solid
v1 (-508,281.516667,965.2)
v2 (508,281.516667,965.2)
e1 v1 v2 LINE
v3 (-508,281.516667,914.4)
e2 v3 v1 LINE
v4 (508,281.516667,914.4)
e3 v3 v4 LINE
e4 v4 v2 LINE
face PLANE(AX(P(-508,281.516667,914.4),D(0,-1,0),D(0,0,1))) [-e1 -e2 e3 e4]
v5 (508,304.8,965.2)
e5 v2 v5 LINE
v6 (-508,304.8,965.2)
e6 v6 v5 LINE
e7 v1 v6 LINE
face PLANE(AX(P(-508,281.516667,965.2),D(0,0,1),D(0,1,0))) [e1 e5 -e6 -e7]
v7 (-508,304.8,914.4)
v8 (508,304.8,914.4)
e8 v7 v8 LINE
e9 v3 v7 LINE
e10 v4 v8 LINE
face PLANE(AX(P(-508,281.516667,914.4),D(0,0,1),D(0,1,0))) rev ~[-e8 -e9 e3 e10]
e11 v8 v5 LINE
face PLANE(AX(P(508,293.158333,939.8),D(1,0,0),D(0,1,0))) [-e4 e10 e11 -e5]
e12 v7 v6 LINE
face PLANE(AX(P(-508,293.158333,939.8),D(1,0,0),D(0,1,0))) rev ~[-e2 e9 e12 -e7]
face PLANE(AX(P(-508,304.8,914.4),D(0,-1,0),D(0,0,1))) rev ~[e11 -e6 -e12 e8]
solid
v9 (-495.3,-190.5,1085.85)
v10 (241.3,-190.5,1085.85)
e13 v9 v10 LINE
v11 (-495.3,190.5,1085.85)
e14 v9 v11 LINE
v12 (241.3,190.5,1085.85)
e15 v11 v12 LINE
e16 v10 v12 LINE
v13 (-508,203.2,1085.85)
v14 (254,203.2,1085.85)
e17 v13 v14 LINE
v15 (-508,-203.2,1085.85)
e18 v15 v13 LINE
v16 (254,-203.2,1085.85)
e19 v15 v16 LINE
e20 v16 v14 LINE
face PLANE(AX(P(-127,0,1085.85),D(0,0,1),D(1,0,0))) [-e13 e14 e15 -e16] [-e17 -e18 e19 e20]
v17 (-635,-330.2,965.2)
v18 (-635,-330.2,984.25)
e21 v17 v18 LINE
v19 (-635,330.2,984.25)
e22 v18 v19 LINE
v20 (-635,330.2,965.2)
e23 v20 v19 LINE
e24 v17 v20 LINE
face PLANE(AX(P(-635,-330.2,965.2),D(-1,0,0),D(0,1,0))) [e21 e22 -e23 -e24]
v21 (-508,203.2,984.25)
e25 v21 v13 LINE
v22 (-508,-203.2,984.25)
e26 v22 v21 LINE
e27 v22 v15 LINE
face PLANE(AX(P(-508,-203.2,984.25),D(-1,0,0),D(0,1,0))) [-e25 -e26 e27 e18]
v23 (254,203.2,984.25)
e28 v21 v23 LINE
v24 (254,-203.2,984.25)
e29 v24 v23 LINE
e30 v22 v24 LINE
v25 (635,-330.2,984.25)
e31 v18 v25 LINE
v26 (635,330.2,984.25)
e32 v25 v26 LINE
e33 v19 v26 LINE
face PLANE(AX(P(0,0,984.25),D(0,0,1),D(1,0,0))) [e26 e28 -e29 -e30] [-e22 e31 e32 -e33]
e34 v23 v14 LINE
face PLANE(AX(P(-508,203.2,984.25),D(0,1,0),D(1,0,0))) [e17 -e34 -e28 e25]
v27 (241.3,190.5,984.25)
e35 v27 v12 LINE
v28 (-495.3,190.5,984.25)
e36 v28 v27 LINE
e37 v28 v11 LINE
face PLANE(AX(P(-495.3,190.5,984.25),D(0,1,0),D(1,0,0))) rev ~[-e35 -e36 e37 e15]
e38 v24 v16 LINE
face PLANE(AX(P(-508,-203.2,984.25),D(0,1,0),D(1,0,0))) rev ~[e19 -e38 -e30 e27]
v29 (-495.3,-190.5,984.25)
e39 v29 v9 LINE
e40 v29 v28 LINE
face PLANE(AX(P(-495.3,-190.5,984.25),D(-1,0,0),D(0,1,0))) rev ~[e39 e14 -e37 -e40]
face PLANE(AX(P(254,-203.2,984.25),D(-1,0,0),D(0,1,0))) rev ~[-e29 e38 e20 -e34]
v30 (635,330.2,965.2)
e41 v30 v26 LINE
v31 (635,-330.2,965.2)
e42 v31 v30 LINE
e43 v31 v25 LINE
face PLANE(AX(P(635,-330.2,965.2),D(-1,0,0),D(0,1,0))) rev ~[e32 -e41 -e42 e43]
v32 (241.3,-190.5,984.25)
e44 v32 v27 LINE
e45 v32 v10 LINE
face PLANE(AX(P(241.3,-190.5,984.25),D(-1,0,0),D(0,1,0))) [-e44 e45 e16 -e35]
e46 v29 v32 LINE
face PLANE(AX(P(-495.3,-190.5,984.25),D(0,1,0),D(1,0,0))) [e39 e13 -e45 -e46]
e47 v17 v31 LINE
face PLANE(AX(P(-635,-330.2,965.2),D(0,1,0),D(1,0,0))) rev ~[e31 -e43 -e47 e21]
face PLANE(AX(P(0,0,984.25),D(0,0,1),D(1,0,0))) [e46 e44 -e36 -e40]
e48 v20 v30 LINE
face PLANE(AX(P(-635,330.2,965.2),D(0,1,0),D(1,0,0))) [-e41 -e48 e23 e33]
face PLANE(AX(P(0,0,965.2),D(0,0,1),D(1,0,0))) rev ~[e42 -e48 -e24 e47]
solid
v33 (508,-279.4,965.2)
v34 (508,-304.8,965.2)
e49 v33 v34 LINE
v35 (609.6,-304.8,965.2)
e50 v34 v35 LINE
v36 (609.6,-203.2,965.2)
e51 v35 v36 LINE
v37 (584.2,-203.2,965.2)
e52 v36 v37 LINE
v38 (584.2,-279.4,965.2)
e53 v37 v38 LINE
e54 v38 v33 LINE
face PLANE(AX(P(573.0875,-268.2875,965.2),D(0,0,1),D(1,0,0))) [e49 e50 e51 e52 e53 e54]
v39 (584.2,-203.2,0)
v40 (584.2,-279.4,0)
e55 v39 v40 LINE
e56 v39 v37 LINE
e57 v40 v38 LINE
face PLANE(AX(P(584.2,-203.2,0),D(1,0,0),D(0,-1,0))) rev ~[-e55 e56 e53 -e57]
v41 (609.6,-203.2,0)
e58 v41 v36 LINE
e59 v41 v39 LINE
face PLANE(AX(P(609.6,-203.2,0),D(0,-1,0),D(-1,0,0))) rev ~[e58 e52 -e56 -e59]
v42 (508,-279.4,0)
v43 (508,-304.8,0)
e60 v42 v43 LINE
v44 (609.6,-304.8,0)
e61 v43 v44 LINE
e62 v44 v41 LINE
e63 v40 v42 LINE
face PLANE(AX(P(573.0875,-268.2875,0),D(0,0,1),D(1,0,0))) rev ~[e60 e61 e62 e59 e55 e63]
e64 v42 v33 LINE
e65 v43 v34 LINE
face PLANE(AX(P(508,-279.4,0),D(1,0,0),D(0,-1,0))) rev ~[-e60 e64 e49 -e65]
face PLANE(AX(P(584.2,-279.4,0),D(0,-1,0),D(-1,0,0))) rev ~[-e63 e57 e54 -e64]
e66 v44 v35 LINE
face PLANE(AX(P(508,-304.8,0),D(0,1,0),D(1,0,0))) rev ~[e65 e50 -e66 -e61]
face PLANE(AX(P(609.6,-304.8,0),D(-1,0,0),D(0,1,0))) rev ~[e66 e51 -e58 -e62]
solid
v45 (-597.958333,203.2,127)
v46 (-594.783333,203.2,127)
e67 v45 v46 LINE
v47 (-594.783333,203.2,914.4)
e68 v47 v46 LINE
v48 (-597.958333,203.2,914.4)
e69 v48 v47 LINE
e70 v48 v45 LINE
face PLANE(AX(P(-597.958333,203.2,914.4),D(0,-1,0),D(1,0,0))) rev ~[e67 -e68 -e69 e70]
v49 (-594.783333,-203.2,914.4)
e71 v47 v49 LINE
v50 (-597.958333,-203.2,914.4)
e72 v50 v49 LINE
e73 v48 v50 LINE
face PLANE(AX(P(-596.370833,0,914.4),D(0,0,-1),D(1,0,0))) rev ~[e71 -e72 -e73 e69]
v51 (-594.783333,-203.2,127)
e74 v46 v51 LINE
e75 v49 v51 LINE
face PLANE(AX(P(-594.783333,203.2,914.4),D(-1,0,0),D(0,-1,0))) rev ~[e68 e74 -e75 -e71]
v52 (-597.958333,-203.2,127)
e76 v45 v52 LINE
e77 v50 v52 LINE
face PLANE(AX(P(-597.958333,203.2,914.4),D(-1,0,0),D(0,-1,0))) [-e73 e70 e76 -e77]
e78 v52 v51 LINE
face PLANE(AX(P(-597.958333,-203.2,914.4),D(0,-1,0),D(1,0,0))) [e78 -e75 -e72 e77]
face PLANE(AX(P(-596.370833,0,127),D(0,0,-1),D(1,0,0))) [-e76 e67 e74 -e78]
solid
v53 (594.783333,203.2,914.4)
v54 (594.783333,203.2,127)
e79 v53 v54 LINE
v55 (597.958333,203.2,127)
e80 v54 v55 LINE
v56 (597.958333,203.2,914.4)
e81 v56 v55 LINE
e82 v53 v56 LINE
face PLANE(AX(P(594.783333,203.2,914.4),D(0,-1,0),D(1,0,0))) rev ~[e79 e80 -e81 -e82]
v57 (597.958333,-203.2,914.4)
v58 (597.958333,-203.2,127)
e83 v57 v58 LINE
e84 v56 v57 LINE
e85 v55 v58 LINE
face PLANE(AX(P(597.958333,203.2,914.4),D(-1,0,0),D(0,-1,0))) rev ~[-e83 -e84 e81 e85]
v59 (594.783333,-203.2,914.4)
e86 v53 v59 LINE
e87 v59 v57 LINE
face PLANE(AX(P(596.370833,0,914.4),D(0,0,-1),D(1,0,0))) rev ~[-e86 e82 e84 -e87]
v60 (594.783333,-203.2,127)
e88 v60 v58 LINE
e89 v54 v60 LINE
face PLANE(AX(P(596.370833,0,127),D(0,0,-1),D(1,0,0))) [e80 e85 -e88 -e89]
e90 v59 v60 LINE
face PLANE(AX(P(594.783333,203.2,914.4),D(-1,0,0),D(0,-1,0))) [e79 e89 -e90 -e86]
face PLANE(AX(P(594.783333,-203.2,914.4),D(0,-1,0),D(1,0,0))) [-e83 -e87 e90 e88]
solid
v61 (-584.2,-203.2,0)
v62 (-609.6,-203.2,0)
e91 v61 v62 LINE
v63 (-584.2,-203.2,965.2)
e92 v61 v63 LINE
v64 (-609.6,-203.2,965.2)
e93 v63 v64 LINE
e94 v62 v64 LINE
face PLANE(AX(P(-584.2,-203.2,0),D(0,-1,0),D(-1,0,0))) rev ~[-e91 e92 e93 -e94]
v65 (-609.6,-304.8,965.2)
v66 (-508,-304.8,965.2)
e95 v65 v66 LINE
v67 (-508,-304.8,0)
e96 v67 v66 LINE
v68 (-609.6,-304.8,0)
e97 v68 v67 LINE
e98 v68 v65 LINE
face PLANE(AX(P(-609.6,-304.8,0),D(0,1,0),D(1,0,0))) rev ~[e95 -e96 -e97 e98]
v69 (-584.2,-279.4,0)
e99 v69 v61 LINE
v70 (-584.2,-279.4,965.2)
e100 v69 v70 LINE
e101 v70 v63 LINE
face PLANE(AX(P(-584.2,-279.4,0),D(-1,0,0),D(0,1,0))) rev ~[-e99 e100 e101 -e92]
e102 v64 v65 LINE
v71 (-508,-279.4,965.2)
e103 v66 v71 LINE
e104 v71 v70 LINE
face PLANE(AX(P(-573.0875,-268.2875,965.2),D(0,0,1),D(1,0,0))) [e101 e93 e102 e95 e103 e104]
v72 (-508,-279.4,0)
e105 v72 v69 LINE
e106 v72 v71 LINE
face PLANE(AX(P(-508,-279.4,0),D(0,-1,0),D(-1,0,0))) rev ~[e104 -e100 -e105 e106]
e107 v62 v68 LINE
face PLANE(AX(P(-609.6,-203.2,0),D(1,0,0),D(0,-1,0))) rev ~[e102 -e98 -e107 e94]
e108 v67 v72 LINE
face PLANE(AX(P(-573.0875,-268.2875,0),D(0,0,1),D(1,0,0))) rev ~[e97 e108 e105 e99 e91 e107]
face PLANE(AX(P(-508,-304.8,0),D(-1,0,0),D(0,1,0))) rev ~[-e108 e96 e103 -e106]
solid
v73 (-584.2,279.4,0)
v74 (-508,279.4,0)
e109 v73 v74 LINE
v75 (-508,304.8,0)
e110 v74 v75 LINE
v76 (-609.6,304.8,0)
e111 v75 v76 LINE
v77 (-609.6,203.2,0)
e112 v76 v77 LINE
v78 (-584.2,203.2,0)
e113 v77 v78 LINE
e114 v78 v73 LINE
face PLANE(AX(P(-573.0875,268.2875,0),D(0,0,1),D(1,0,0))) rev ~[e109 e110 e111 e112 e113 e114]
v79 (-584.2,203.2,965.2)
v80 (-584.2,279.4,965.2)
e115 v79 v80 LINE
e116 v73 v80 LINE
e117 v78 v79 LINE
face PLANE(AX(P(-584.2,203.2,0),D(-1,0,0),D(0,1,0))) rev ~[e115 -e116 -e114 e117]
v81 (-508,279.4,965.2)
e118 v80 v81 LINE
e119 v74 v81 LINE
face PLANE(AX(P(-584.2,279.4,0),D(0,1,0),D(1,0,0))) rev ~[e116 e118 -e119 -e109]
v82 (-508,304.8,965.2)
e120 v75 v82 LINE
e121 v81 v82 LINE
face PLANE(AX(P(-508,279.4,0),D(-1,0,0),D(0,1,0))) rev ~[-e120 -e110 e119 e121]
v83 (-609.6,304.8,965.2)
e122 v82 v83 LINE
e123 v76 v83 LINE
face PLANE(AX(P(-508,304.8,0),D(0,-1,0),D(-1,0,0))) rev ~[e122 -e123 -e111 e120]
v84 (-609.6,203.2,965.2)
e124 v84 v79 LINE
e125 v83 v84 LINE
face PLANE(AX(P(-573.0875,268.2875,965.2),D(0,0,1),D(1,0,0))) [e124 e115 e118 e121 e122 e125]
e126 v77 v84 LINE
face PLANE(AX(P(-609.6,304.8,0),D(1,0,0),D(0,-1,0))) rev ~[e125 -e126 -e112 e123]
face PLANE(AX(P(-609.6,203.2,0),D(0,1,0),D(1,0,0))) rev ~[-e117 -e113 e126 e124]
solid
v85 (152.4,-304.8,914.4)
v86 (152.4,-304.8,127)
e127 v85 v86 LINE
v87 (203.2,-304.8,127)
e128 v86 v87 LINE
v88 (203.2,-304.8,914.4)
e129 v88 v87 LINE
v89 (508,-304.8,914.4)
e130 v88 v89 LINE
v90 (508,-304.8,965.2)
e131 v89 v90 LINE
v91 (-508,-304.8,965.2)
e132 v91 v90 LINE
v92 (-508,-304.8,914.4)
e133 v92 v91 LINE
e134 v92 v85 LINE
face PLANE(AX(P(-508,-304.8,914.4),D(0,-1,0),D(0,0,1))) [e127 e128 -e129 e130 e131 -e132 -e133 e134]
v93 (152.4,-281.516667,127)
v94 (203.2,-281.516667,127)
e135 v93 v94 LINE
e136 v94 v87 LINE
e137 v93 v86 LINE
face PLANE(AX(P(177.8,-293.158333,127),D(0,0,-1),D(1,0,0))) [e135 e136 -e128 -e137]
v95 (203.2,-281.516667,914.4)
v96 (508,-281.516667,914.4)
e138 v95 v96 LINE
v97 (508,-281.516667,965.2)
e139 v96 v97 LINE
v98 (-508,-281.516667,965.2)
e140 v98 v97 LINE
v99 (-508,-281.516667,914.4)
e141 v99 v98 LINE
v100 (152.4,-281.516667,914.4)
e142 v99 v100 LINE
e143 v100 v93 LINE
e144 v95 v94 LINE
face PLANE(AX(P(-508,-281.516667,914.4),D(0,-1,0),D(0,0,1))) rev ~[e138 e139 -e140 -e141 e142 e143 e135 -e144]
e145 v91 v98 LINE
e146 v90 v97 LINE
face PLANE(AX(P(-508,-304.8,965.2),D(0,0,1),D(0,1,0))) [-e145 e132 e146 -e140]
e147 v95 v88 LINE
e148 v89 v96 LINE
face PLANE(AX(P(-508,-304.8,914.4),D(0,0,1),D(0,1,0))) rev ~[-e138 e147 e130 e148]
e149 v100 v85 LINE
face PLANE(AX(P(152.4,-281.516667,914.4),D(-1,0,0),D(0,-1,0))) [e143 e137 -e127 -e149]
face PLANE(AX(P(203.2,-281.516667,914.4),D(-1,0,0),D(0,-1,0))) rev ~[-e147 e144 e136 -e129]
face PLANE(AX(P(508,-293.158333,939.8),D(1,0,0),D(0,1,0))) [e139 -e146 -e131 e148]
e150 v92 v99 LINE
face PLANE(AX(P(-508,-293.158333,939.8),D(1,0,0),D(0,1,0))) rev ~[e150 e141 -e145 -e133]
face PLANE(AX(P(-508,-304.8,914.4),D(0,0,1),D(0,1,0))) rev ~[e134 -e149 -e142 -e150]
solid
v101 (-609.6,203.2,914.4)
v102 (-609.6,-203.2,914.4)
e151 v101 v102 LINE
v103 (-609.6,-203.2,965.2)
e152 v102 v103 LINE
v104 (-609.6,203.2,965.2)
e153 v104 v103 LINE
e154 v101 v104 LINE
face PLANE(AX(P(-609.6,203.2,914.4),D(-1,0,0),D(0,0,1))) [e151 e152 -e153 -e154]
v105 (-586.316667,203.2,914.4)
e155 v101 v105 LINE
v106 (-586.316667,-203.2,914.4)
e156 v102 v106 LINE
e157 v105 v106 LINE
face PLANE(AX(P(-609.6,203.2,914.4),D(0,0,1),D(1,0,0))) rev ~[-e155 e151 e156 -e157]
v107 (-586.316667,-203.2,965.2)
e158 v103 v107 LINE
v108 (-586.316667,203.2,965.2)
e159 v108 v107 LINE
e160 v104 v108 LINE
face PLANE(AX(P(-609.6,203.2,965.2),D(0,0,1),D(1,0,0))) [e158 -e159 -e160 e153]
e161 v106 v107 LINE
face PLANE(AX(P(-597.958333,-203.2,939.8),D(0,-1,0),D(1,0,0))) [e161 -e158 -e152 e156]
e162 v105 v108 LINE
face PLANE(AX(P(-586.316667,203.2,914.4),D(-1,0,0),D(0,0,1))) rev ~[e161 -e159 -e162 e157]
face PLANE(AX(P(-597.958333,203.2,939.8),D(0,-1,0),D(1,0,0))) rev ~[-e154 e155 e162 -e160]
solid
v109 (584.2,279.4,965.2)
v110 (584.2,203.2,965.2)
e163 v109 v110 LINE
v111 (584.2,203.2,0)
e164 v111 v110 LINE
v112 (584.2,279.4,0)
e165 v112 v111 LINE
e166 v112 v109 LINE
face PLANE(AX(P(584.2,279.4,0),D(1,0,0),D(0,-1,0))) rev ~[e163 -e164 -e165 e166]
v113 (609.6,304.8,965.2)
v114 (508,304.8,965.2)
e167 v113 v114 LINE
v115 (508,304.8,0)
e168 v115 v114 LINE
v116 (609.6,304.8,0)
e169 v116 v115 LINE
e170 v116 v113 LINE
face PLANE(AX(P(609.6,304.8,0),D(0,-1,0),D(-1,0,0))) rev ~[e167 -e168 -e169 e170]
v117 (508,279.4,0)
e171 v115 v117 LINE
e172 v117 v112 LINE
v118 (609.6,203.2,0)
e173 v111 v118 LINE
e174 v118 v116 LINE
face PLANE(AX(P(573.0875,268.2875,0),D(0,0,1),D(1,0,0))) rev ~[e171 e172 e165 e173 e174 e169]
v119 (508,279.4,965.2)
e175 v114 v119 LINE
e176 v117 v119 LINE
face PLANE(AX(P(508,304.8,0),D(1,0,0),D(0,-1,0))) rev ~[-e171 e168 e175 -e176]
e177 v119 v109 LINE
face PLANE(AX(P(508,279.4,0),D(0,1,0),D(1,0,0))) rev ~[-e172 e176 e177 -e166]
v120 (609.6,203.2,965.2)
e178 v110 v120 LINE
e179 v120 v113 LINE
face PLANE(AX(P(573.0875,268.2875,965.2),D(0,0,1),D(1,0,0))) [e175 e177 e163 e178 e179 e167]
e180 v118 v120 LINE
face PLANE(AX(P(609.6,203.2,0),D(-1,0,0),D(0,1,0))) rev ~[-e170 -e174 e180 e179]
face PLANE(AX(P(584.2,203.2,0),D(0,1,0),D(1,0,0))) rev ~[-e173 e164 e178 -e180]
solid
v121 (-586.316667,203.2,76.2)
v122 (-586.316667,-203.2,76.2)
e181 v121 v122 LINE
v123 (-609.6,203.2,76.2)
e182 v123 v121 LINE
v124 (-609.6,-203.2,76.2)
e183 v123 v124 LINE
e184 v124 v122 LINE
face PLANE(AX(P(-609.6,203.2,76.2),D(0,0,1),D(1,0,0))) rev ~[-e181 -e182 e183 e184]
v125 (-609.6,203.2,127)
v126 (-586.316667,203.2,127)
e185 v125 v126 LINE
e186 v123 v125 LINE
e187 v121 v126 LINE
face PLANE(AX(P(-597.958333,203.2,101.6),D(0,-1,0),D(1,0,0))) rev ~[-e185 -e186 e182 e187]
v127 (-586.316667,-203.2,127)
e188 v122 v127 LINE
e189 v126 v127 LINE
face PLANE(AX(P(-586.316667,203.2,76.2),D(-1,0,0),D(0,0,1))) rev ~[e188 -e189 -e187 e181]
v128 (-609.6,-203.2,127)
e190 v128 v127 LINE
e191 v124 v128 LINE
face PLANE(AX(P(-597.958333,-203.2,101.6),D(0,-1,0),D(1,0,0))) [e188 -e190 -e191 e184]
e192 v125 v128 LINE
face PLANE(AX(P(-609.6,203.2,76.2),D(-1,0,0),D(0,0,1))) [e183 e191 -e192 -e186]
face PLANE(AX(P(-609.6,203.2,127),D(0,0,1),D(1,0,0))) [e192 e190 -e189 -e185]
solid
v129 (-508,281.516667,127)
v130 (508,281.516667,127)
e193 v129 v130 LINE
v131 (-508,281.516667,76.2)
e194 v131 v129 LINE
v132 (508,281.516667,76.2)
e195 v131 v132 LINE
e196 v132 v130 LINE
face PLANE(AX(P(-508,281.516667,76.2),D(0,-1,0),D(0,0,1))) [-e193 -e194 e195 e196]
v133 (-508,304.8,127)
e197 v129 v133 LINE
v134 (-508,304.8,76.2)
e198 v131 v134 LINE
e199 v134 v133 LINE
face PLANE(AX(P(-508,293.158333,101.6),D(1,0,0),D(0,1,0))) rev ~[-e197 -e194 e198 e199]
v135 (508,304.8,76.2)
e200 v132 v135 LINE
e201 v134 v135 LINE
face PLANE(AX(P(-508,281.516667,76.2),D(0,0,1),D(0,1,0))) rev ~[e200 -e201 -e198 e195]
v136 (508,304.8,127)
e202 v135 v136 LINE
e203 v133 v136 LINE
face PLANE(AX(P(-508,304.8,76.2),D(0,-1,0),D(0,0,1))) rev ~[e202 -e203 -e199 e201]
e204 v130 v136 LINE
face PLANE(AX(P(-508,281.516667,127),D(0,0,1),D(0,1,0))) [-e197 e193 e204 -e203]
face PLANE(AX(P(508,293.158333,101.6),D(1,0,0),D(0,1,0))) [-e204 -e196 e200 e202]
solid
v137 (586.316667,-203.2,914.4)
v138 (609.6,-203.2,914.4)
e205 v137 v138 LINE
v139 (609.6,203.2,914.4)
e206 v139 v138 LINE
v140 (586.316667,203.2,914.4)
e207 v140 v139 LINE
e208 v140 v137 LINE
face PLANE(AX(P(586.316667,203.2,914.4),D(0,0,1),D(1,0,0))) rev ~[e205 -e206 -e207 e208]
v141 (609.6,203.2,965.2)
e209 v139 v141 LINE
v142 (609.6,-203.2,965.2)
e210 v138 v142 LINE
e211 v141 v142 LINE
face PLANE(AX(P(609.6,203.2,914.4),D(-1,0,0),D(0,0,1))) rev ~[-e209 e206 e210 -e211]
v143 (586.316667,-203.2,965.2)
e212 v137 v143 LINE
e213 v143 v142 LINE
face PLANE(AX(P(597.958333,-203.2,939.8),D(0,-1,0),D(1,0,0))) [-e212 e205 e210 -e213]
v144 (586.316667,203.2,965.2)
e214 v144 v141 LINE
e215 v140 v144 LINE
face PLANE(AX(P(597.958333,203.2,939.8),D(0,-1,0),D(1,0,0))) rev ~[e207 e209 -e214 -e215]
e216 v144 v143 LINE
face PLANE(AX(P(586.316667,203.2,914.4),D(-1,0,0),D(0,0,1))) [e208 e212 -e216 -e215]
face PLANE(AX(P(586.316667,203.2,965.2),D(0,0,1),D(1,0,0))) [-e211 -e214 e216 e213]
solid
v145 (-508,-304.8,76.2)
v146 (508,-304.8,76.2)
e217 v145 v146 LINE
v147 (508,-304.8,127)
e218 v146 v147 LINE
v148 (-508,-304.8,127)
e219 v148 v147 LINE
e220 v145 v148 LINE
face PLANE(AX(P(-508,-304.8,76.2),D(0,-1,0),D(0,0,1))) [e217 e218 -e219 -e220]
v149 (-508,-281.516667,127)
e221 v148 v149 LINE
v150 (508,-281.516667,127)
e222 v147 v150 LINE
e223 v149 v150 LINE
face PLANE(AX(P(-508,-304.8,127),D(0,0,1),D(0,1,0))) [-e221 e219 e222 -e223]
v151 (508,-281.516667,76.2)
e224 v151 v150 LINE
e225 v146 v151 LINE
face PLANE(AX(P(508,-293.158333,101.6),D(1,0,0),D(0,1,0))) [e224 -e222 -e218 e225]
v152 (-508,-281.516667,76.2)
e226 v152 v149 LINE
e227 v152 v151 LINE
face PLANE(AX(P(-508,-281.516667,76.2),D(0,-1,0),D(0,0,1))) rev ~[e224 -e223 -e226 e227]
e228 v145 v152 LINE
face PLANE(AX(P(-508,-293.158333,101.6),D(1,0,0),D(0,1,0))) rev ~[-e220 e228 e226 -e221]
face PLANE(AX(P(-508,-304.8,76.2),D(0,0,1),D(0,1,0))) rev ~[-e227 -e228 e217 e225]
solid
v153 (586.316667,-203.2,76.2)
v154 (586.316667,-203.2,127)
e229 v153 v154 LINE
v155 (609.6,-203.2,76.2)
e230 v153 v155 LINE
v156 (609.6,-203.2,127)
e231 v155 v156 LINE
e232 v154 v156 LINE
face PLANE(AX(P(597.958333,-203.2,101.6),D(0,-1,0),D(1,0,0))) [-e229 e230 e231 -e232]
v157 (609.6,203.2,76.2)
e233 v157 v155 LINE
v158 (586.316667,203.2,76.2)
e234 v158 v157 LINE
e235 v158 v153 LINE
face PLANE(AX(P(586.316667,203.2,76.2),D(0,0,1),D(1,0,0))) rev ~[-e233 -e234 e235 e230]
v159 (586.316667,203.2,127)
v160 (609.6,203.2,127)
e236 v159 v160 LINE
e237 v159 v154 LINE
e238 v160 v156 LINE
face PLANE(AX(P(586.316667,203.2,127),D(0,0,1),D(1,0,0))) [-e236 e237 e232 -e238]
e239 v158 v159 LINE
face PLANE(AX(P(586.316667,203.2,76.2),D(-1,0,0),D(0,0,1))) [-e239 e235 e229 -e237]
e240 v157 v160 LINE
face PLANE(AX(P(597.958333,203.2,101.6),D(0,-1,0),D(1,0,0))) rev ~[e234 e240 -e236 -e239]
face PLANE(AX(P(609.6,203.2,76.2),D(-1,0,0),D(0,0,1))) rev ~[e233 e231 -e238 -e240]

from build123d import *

# Parameters (mm, degrees)
F1_DEPTH  = 965.2
F2_W      = 23.2833333333
F2_H      = 50.8
F3_DEPTH  = 406.4
F4_W      = 23.2833333333
F4_H      = 50.8
F5_DEPTH  = 1016
F6_W      = 1270
F6_H      = 660.4
F7_DEPTH  = 19.05
F8_W      = 3.175
F8_H      = 406.4
F9_DEPTH  = 787.4
F10_W     = 50.8
F10_H     = 23.2833333333
F11_DEPTH = 787.4
F12_W     = 762
F12_H     = 406.4
F12_W_2   = 736.6
F12_H_2   = 381
F13_DEPTH = 101.6


with BuildPart() as f1:
    # F0 (on Top) → F1 (new body)
    with BuildSketch(Plane.XY):
        Polygon((-508, 304.8), (-609.6, 304.8), (-609.6, 203.2), (-584.2, 203.2), (-584.2, 279.4), (-508, 279.4), align=None)
    extrude(amount=F1_DEPTH)


with BuildPart() as f1b:
    # F0 (on Top) → F1, piece 2 (new body)
    with BuildSketch(Plane.XY):
        Polygon((609.6, 304.8), (508, 304.8), (508, 279.4), (584.2, 279.4), (584.2, 203.2), (609.6, 203.2), align=None)
    extrude(amount=F1_DEPTH)


with BuildPart() as f1c:
    # F0 (on Top) → F1, piece 3 (new body)
    with BuildSketch(Plane.XY):
        Polygon((508, -279.4), (508, -304.8), (609.6, -304.8), (609.6, -203.2), (584.2, -203.2), (584.2, -279.4), align=None)
    extrude(amount=F1_DEPTH)


with BuildPart() as f1d:
    # F0 (on Top) → F1, piece 4 (new body)
    with BuildSketch(Plane.XY):
        Polygon((-609.6, -304.8), (-508, -304.8), (-508, -279.4), (-584.2, -279.4), (-584.2, -203.2), (-609.6, -203.2), align=None)
    extrude(amount=F1_DEPTH)


with BuildPart() as f3:
    # F2 (on face) → F3 (new body, through all)
    with BuildSketch(Plane.XZ.offset(-203.2)):
        with Locations((-597.9583333333, 939.8)):
            Rectangle(F2_W, F2_H)
    extrude(amount=F3_DEPTH)


with BuildPart() as f3b:
    # F2 (on face) → F3, piece 2 (new body, through all)
    with BuildSketch(Plane.XZ.offset(-203.2)):
        with Locations((597.9583333333, 939.8)):
            Rectangle(F2_W, F2_H)
    extrude(amount=F3_DEPTH)


with BuildPart() as f3c:
    # F2 (on face) → F3, piece 3 (new body, through all)
    with BuildSketch(Plane.XZ.offset(-203.2)):
        with Locations((-597.9583333333, 101.6)):
            Rectangle(F2_W, F2_H)
    extrude(amount=F3_DEPTH)


with BuildPart() as f3d:
    # F2 (on face) → F3, piece 4 (new body, through all)
    with BuildSketch(Plane.XZ.offset(-203.2)):
        with Locations((597.9583333333, 101.6)):
            Rectangle(F2_W, F2_H)
    extrude(amount=F3_DEPTH)


with BuildPart() as f5:
    # F4 (on face) → F5 (new body, through all)
    with BuildSketch(Plane.YZ.offset(-508)):
        with Locations((293.1583333333, 939.8)):
            Rectangle(F4_W, F4_H)
    extrude(amount=F5_DEPTH)


with BuildPart() as f5b:
    # F4 (on face) → F5, piece 2 (new body, through all)
    with BuildSketch(Plane.YZ.offset(-508)):
        with Locations((293.1583333333, 101.6)):
            Rectangle(F4_W, F4_H)
    extrude(amount=F5_DEPTH)


with BuildPart() as f5c:
    # F4 (on face) → F5, piece 3 (new body, through all)
    with BuildSketch(Plane.YZ.offset(-508)):
        with Locations((-293.1583333333, 101.6)):
            Rectangle(F4_W, F4_H)
    extrude(amount=F5_DEPTH)


with BuildPart() as f5d:
    # F4 (on face) → F5, piece 4 (new body, through all)
    with BuildSketch(Plane.YZ.offset(-508)):
        with Locations((-293.1583333333, 939.8)):
            Rectangle(F4_W, F4_H)
    extrude(amount=F5_DEPTH)

    # F10 (on face) → F11 (join, through all)
    with BuildSketch(Plane(origin=(0, 0, 914.4), x_dir=(1, 0, 0), z_dir=(0, 0, -1))):
        with Locations((177.8, 293.1583333333)):
            Rectangle(F10_W, F10_H)
    extrude(amount=F11_DEPTH)


with BuildPart() as f7:
    # F6 (on face) → F7 (new body)
    with BuildSketch(Plane.XY.offset(965.2)):
        Rectangle(F6_W, F6_H)
    extrude(amount=F7_DEPTH)

    # F12 (on face) → F13 (join)
    with BuildSketch(Plane.XY.offset(984.25)):
        with Locations((-127, 0)):
            Rectangle(F12_W, F12_H)
        with Locations((-127, 0)):
            Rectangle(F12_W_2, F12_H_2, mode=Mode.SUBTRACT)
    extrude(amount=F13_DEPTH)


with BuildPart() as f9:
    # F8 (on face) → F9 (new body, through all)
    with BuildSketch(Plane(origin=(0, 0, 914.4), x_dir=(1, 0, 0), z_dir=(0, 0, -1))):
        with Locations((-596.3708333333, 0)):
            Rectangle(F8_W, F8_H)
    extrude(amount=F9_DEPTH)


with BuildPart() as f9b:
    # F8 (on face) → F9, piece 2 (new body, through all)
    with BuildSketch(Plane(origin=(0, 0, 914.4), x_dir=(1, 0, 0), z_dir=(0, 0, -1))):
        with Locations((596.3708333333, 0)):
            Rectangle(F8_W, F8_H)
    extrude(amount=F9_DEPTH)


solid = Compound([f1.part, f1b.part, f1c.part, f1d.part, f3.part, f3b.part, f3c.part, f3d.part, f5.part, f5b.part, f5c.part, f5d.part, f7.part, f9.part, f9b.part])
